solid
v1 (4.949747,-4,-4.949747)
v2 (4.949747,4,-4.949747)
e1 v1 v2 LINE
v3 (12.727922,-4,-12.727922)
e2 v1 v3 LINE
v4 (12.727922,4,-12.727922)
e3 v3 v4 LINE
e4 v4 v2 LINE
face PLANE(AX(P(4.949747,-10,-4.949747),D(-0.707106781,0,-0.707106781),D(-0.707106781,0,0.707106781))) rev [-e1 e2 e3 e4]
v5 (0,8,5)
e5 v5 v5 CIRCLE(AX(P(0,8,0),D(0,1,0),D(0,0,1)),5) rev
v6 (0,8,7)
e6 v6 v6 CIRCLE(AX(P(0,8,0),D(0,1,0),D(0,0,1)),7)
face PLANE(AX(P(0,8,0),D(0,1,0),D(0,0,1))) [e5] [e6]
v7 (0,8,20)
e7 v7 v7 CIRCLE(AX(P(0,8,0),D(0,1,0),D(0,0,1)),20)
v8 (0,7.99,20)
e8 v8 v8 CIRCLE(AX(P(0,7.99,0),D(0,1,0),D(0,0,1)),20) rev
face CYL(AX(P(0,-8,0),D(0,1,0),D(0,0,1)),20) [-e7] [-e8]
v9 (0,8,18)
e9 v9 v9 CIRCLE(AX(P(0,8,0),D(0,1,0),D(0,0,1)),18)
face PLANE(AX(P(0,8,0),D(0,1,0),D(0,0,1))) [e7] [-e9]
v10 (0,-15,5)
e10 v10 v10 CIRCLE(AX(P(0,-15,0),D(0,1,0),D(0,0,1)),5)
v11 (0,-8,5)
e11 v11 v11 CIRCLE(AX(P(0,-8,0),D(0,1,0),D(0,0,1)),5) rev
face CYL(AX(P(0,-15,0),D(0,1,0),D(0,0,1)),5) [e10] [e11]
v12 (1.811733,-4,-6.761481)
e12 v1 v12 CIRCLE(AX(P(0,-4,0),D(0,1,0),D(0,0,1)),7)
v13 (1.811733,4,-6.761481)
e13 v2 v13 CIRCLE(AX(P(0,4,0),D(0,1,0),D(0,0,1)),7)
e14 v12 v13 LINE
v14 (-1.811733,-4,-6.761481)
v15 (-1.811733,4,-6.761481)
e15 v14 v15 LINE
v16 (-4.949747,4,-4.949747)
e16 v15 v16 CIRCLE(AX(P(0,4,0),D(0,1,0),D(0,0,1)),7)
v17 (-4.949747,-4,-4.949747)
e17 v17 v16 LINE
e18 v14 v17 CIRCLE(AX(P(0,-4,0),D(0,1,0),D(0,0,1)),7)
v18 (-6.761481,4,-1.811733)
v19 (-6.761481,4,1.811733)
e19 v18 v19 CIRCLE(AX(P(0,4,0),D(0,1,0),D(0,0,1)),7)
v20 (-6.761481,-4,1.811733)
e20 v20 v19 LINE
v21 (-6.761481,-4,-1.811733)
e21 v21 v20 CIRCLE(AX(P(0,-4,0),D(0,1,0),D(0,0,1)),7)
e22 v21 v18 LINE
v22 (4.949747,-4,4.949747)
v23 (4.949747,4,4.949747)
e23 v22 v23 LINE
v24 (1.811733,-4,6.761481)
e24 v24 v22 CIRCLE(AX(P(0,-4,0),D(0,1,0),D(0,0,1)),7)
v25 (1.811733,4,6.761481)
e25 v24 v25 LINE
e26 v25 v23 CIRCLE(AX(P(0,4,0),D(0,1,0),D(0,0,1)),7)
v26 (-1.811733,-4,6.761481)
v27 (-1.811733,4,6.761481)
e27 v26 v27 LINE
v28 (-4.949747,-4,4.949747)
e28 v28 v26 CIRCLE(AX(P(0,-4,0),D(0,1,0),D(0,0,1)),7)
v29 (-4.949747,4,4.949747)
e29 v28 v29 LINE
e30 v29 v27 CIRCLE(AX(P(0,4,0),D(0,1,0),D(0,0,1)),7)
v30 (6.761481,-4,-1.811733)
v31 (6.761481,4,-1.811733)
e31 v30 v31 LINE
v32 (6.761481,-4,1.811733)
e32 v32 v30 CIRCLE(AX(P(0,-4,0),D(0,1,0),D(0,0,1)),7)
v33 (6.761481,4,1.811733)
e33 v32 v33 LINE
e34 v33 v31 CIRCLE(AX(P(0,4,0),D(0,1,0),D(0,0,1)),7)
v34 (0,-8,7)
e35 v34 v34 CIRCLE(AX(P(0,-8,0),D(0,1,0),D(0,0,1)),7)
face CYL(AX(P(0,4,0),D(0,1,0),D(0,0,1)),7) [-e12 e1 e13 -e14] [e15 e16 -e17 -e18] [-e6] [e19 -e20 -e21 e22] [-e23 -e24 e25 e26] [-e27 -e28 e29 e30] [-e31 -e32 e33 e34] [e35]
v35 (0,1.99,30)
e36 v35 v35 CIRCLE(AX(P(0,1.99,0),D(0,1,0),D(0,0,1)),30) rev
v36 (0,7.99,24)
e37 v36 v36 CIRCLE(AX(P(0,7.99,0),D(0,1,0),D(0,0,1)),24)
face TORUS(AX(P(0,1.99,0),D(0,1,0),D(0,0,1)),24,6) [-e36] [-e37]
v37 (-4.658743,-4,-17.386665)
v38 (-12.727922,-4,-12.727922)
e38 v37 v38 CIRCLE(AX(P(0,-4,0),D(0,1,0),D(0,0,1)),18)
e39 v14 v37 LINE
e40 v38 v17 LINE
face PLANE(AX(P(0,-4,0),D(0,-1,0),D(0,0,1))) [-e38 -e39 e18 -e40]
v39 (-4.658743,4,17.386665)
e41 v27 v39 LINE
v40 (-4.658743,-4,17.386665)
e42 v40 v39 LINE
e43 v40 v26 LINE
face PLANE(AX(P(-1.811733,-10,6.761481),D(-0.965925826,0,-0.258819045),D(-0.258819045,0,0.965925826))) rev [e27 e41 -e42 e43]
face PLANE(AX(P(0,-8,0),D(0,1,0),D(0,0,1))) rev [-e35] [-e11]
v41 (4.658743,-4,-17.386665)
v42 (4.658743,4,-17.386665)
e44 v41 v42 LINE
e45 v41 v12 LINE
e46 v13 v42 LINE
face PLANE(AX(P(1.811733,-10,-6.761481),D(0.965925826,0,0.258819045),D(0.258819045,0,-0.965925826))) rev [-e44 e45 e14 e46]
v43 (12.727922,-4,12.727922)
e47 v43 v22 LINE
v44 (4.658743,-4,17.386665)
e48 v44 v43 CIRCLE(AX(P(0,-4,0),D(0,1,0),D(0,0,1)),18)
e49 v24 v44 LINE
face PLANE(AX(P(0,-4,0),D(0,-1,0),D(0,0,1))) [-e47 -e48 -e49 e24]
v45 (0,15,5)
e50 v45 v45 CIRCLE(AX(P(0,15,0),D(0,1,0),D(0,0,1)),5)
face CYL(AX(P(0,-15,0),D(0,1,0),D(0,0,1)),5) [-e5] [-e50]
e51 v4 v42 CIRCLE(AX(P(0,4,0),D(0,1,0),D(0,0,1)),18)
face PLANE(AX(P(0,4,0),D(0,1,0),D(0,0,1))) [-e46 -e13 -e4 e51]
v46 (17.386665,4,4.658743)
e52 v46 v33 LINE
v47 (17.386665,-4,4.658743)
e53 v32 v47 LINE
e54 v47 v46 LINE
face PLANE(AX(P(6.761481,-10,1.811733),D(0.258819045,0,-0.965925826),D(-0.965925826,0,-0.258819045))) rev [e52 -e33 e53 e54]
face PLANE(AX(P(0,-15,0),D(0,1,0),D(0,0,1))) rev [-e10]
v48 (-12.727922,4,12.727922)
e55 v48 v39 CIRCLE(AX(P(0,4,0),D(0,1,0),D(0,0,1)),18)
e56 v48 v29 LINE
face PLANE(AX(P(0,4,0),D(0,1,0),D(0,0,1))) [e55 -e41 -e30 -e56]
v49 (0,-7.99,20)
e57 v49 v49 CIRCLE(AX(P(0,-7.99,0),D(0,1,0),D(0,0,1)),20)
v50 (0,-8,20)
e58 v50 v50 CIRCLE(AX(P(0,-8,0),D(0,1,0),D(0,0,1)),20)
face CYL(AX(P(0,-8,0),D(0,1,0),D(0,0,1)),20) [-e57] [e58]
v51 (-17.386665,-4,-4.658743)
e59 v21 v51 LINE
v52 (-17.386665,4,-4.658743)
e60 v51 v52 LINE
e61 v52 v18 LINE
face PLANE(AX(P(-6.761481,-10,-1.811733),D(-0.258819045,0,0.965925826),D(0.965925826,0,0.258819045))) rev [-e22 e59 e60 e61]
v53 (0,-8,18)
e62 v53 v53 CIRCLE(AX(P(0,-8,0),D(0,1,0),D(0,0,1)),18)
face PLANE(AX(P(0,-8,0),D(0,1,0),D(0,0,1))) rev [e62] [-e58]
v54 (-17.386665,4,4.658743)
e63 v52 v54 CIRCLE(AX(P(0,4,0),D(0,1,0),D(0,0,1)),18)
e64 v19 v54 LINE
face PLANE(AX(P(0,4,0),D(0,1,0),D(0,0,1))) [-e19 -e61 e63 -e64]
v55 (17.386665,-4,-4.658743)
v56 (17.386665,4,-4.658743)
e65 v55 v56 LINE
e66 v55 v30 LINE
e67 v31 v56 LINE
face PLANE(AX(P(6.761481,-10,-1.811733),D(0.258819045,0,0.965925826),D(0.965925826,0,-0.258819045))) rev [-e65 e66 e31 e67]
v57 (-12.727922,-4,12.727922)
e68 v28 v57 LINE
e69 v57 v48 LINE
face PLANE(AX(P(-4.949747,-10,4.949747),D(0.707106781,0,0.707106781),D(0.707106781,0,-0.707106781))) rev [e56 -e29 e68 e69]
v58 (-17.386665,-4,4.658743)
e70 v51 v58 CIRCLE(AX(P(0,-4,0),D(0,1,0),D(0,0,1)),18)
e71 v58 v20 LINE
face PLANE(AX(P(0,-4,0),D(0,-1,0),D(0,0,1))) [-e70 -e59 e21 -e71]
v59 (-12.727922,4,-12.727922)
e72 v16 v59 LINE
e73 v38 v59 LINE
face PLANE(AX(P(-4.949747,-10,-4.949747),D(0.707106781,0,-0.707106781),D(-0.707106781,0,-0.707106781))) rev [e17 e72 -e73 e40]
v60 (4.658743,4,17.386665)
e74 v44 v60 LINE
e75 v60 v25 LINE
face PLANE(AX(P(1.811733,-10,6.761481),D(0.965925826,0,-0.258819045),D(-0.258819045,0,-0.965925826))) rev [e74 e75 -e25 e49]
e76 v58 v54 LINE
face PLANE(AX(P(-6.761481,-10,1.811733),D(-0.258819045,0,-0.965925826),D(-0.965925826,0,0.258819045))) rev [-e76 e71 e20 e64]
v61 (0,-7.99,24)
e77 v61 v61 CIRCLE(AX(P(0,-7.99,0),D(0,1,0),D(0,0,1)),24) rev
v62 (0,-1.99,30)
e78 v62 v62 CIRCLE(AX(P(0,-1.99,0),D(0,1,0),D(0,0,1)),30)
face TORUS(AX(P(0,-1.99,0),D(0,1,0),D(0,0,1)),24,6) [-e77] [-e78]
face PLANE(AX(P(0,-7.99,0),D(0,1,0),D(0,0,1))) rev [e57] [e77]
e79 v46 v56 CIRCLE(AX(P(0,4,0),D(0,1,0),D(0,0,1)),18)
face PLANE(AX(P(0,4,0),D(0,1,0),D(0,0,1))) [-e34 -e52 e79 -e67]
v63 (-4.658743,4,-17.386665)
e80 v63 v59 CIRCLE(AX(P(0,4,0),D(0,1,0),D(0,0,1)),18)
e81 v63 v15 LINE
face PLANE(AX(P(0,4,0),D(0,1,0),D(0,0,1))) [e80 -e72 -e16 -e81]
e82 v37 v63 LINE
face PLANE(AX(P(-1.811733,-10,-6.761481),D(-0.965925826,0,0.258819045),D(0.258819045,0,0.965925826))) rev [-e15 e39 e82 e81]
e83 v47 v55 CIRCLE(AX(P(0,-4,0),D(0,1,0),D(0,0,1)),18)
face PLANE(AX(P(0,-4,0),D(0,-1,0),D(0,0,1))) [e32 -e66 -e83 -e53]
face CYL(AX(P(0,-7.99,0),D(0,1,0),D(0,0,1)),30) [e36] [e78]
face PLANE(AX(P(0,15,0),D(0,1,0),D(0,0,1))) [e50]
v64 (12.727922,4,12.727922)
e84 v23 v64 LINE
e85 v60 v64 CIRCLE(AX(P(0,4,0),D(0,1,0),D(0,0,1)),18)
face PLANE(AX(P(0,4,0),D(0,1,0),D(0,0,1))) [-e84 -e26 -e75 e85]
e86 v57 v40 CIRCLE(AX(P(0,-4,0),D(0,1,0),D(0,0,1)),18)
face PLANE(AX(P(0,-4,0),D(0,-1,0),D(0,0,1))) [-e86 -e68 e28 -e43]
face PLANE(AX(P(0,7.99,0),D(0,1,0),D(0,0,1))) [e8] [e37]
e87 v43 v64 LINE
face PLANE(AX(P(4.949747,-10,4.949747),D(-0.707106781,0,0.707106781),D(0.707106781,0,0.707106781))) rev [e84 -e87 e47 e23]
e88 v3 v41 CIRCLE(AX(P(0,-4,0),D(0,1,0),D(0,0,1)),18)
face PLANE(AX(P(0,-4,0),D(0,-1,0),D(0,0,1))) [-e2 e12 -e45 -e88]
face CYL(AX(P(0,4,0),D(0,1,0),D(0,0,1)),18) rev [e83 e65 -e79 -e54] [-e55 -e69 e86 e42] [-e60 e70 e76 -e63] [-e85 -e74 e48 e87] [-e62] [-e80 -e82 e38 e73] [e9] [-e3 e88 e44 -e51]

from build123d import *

# Parameters (mm, degrees)
EXTRUDE_1_DEPTH          = 15
EXTRUDE_1_DEPTH_BACK     = 15
SKETCH_1_R               = 5
EXTRUDE_2_DEPTH          = 8
EXTRUDE_2_DEPTH_BACK     = 8
SKETCH_2_R               = 20
SKETCH_4_R               = 18
SKETCH_4_R_2             = 7
CUT_EXTRUDE_1_DEPTH      = 4
CUT_EXTRUDE_2_DEPTH      = 14
PATTERN_CIRCULAR_1_COUNT = 6
EXTRUDE_3_DEPTH          = 7.99
EXTRUDE_3_DEPTH_BACK     = 7.99
SKETCH_6_R               = 30
SKETCH_6_R_2             = 20
FILLET_1_R               = 6


with BuildPart() as part:
    # 草图1 → 凸台-拉伸1 (new, two sides: drawn at the far end of the back side and taken through both)
    with BuildSketch(Plane(origin=(0, 0, 0), x_dir=(1, 0, 0), z_dir=(0, 1, 0)).offset(-EXTRUDE_1_DEPTH_BACK)):
        Circle(SKETCH_1_R)
    extrude(amount=EXTRUDE_1_DEPTH + EXTRUDE_1_DEPTH_BACK)

    # 草图2 → 凸台-拉伸2 (add, two sides: drawn at the far end of the back side and taken through both)
    with BuildSketch(Plane(origin=(0, 0, 0), x_dir=(1, 0, 0), z_dir=(0, 1, 0)).offset(-EXTRUDE_2_DEPTH_BACK)):
        Circle(SKETCH_2_R)
    extrude(amount=EXTRUDE_2_DEPTH + EXTRUDE_2_DEPTH_BACK)

    # 草图4 → 切除-拉伸1 (cut)
    with BuildSketch(Plane(origin=(0, 8, 0), x_dir=(1, 0, 0), z_dir=(0, 1, 0))):
        Circle(SKETCH_4_R)
        Circle(SKETCH_4_R_2, mode=Mode.SUBTRACT)
    cut_extrude_1 = extrude(amount=-CUT_EXTRUDE_1_DEPTH, mode=Mode.SUBTRACT)

    # 镜向1: 切除-拉伸1 across plane
    add(cut_extrude_1.mirror(Plane.ZX), mode=Mode.SUBTRACT)

    # 草图5 → 切除-拉伸2 (cut)
    with BuildSketch(Plane(origin=(0, 4, 0), x_dir=(1, 0, 0), z_dir=(0, 1, 0))):
        with BuildLine():
            Line((-1.811733, 6.761481), (-4.658743, 17.386665))
            ThreePointArc((-4.658743, 17.386665), (0, 18), (4.658743, 17.386665))
            Line((4.658743, 17.386665), (1.811733, 6.761481))
            ThreePointArc((1.811733, 6.761481), (0, 7), (-1.811733, 6.761481))
        make_face()
    cut_extrude_2 = extrude(amount=-CUT_EXTRUDE_2_DEPTH, mode=Mode.SUBTRACT)

    # 阵列(圆周)1: 切除-拉伸2 ×6 about axis
    pattern_circular_1_axis = Axis((0, -15, 0), (0, 1, 0))
    for i in range(1, PATTERN_CIRCULAR_1_COUNT):
        add(cut_extrude_2.rotate(pattern_circular_1_axis, i * 360 / PATTERN_CIRCULAR_1_COUNT), mode=Mode.SUBTRACT)

    # 草图6 → 凸台-拉伸3 (add, two sides: drawn at the far end of the back side and taken through both)
    with BuildSketch(Plane(origin=(0, 0, 0), x_dir=(1, 0, 0), z_dir=(0, 1, 0)).offset(-EXTRUDE_3_DEPTH_BACK)):
        Circle(SKETCH_6_R)
        Circle(SKETCH_6_R_2, mode=Mode.SUBTRACT)
    extrude(amount=EXTRUDE_3_DEPTH + EXTRUDE_3_DEPTH_BACK)

    # 圆角1
    fillet_1_edges = [part.edges().sort_by_distance(p)[0] for p in [
        (-30, 7.99, 0),
        (-30, -7.99, 0),
    ]]
    fillet(fillet_1_edges, radius=FILLET_1_R)


solid = part.part
